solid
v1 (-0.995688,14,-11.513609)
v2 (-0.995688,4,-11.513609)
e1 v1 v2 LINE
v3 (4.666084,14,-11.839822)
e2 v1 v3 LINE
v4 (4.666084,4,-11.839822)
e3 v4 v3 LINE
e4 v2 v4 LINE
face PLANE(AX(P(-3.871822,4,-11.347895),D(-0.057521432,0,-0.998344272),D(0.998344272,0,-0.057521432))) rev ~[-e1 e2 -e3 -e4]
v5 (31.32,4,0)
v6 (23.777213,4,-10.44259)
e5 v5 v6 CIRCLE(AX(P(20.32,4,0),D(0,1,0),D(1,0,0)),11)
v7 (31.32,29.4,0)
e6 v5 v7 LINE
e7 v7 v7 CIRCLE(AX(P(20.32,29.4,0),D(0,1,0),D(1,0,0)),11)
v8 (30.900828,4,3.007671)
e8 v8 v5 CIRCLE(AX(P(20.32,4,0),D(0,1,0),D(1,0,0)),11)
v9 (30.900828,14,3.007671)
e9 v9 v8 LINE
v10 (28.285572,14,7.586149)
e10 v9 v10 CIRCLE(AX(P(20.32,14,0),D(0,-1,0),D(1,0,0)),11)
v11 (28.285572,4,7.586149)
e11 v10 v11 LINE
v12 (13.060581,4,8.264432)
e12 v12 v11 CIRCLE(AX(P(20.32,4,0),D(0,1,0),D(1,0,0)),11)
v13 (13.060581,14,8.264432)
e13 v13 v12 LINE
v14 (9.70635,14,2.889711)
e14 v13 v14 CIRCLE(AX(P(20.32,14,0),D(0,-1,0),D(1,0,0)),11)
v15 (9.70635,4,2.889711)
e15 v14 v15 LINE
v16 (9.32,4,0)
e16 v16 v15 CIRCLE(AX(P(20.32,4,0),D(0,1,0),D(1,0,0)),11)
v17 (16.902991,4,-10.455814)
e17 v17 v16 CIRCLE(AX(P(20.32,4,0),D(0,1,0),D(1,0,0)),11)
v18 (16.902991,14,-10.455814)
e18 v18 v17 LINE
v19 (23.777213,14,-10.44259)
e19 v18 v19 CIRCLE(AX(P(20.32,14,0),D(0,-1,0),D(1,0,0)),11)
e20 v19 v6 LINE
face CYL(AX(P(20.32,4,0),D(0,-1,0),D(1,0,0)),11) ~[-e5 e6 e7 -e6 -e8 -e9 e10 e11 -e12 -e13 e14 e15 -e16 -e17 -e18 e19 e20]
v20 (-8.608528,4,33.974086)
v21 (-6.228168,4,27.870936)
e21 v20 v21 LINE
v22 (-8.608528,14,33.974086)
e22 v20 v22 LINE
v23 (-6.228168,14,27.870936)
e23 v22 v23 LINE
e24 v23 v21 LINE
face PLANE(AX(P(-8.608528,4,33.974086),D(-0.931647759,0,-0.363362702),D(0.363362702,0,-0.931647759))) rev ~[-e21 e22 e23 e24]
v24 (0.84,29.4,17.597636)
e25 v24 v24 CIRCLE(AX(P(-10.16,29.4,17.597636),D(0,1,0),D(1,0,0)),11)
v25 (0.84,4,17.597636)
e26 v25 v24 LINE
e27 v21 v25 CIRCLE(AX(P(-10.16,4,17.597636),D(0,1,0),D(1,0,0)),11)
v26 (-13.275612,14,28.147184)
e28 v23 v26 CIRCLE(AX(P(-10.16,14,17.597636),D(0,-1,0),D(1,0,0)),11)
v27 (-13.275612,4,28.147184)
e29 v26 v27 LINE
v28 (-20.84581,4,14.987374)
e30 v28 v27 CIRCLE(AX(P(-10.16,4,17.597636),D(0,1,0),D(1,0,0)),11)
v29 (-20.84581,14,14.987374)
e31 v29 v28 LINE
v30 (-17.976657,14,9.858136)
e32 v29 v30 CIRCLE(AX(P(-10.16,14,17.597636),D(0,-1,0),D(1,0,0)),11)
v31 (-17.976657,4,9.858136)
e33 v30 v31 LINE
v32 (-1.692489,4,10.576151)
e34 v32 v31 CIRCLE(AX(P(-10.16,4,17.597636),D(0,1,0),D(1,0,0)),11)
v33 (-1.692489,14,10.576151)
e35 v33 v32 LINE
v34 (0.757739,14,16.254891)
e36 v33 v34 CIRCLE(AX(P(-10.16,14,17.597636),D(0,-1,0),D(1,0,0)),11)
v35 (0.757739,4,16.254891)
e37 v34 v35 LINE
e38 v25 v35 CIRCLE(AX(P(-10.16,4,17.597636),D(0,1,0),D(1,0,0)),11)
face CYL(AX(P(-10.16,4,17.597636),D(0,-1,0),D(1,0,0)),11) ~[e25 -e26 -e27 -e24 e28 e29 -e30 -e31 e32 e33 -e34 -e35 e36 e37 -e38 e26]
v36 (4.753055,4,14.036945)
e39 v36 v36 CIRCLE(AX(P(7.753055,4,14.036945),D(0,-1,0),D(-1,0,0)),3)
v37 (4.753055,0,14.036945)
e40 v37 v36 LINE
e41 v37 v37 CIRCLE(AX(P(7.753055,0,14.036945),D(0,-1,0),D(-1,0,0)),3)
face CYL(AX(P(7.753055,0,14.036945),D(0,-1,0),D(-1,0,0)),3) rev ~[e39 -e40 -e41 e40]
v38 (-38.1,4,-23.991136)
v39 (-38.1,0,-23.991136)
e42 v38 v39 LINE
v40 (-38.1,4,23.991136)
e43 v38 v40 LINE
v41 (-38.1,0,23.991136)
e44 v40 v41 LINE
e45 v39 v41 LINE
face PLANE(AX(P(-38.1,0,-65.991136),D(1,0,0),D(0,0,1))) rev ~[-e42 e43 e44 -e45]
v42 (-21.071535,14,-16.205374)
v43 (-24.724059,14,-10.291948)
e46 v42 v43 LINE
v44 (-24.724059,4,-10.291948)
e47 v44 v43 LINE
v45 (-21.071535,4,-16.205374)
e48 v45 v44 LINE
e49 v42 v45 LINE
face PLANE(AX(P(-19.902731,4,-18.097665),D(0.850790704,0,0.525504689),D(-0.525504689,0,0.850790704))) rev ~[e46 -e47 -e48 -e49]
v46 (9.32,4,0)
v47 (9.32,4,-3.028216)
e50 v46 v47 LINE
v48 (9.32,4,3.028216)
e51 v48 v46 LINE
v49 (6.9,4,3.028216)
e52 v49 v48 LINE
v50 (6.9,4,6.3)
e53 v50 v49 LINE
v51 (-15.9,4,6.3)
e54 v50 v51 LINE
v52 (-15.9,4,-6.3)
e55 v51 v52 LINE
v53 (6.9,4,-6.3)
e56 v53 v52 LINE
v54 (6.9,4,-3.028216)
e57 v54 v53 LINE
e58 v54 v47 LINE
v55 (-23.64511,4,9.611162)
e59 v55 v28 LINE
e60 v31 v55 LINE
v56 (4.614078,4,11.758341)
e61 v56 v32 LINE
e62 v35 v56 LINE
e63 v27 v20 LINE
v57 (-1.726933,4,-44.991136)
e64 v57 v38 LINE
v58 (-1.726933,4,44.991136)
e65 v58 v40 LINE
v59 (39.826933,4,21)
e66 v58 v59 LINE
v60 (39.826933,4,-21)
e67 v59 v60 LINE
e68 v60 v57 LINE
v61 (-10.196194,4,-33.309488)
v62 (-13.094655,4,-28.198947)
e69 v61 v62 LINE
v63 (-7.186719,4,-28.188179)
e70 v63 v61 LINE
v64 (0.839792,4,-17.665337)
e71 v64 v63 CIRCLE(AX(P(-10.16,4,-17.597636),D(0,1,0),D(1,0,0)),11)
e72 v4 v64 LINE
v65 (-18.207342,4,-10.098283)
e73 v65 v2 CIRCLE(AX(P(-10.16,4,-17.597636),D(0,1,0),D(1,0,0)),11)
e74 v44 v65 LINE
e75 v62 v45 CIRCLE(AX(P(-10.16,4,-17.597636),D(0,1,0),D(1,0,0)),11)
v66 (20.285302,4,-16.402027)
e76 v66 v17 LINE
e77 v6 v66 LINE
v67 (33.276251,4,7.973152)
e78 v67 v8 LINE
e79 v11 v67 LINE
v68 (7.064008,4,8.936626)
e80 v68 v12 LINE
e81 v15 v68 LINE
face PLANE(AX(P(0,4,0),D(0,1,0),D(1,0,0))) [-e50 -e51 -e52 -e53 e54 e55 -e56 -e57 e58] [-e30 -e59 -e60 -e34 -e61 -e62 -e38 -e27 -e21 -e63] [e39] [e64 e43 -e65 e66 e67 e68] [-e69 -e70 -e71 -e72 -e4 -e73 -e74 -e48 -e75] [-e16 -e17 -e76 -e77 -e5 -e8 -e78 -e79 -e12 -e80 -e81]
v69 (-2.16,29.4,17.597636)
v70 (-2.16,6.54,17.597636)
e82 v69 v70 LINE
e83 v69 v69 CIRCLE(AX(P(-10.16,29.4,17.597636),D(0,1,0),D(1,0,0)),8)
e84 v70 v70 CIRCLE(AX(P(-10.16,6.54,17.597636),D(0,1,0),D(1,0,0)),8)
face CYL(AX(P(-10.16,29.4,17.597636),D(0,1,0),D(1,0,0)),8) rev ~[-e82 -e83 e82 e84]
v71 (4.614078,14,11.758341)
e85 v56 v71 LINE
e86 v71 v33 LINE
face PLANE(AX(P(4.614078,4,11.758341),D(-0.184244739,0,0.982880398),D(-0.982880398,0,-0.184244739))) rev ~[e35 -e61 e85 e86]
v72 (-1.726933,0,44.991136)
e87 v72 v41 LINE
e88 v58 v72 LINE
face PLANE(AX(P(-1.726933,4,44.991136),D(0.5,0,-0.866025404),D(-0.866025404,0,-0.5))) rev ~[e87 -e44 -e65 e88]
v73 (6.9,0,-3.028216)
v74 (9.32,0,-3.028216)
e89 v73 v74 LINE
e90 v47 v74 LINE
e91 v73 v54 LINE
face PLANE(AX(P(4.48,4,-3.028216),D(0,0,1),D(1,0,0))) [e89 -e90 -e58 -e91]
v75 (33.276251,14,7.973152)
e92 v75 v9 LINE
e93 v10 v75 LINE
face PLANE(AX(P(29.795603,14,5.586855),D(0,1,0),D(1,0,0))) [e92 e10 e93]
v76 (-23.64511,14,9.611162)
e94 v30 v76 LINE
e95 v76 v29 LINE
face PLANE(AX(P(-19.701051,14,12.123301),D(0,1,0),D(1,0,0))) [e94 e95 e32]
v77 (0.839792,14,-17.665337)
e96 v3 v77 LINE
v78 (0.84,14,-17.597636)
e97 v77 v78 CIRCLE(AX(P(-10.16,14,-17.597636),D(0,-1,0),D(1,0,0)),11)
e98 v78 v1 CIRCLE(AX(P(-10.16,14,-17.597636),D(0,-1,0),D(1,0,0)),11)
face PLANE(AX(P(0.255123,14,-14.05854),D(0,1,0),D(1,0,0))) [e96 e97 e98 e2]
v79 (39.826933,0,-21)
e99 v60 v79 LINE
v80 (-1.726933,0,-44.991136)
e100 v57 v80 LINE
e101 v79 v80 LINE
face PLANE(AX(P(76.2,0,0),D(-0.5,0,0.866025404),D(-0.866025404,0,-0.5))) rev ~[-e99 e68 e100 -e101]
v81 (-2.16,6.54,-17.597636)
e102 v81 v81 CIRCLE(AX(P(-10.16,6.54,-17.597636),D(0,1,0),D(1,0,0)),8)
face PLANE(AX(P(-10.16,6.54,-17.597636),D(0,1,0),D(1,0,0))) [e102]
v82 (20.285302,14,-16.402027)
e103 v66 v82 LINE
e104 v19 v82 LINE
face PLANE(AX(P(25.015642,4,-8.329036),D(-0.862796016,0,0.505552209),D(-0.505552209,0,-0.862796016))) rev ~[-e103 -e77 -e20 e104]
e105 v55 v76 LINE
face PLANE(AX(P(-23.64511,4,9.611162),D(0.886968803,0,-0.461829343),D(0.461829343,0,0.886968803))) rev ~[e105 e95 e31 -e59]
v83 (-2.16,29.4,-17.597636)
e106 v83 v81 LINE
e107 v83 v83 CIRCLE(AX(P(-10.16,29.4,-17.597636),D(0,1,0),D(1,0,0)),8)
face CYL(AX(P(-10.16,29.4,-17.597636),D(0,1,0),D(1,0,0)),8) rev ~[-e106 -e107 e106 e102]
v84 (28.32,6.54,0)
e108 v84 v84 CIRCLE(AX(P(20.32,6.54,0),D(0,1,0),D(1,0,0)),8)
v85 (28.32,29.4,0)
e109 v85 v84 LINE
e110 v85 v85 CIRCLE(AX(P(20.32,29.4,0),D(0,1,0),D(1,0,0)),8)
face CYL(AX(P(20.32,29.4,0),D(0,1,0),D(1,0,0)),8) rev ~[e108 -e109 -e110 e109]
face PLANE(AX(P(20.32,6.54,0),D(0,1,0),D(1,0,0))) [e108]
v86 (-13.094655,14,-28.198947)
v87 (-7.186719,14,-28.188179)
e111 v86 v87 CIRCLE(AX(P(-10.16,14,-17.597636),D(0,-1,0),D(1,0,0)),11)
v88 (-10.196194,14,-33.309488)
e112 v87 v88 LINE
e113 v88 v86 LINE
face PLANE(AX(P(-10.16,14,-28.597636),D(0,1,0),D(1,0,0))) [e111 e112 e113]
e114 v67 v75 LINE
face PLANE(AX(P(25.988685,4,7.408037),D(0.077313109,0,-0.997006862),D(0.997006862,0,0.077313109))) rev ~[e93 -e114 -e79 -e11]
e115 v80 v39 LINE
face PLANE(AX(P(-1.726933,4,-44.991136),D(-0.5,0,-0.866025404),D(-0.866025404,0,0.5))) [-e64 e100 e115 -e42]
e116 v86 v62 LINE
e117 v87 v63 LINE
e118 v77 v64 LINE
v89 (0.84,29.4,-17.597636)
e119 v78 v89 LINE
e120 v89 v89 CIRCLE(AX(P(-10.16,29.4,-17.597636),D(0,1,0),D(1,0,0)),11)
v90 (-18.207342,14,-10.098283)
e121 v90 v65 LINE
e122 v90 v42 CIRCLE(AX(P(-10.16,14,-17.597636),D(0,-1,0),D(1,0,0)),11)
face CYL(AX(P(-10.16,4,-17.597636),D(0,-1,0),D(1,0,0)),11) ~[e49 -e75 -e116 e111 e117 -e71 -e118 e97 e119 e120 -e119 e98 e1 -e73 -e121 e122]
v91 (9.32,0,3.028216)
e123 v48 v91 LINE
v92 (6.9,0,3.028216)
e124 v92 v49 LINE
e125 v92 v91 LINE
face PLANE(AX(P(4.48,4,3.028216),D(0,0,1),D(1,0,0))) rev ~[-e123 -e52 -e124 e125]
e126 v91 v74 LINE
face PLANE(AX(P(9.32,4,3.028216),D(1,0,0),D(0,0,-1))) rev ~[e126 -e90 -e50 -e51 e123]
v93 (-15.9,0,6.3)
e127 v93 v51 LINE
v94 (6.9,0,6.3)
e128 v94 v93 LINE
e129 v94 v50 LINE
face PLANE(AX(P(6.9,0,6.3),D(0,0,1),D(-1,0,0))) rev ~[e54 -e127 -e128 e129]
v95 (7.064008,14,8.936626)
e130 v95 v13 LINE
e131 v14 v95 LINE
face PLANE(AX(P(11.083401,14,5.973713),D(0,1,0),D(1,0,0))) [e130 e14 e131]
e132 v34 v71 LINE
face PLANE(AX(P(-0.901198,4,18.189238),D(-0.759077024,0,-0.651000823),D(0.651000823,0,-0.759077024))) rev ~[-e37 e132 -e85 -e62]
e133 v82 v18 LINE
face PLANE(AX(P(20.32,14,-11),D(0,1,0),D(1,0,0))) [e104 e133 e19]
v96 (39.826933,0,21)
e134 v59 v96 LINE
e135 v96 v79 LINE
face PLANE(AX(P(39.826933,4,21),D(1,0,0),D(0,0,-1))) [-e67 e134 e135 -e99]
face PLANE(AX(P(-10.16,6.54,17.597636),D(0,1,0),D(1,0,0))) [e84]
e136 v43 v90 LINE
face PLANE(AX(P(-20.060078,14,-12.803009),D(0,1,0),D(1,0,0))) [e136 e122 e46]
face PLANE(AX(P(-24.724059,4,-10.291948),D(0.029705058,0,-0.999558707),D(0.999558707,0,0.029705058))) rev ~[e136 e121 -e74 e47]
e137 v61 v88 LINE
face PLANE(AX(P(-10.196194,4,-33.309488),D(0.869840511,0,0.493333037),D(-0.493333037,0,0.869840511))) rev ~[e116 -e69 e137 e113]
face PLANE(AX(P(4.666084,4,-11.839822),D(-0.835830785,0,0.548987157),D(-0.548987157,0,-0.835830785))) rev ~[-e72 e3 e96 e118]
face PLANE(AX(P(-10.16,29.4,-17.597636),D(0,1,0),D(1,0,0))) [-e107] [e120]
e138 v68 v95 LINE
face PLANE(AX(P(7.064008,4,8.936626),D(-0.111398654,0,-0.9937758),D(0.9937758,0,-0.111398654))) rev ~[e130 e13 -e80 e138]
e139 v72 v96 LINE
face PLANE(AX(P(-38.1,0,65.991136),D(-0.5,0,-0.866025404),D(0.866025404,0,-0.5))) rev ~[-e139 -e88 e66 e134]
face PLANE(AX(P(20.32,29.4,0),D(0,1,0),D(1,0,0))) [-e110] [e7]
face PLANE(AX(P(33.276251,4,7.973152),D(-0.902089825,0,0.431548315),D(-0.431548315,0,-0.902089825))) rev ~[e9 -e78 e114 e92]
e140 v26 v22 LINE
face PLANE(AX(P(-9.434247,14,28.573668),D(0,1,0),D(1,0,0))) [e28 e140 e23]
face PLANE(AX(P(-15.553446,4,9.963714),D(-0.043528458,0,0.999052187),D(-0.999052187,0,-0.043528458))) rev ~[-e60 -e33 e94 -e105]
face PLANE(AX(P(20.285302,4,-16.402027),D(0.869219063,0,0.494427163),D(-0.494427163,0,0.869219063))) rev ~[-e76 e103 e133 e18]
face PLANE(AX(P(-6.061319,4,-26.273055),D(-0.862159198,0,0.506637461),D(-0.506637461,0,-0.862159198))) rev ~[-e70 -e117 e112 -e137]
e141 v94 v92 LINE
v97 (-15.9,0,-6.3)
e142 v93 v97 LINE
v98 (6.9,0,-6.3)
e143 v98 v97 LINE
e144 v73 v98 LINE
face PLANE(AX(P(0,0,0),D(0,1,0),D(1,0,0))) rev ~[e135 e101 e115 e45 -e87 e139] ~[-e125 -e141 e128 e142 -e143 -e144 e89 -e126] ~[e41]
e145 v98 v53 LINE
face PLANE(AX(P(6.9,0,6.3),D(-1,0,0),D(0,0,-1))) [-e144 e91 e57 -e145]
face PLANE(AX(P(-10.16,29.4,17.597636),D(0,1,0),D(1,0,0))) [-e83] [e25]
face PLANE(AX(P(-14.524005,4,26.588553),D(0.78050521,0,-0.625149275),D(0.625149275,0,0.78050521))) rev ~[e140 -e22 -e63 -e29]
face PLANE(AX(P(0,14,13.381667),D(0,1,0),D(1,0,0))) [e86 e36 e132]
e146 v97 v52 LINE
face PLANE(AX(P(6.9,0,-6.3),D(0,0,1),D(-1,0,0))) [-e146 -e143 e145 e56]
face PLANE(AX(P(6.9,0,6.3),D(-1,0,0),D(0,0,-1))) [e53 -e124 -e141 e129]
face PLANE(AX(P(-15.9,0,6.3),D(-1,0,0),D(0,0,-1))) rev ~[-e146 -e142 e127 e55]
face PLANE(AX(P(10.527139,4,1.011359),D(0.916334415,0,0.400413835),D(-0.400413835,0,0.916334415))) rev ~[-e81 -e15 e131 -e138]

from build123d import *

# Parameters (mm, degrees)
BOSS_EXTRUDE1_DEPTH = 4
SKETCH2_R           = 11
BOSS_EXTRUDE2_DEPTH = 25.4
SKETCH3_R           = 8
CUT_EXTRUDE1_DEPTH  = 22.86
CUT_EXTRUDE2_DEPTH  = 22.86
SKETCH5_R           = 3
SKETCH5_W           = 22.8
SKETCH5_H           = 12.6
CUT_EXTRUDE3_DEPTH  = 4
BOSS_EXTRUDE3_DEPTH = 10
SKETCH7_W           = 4.84
SKETCH7_H           = 6.056432248
CUT_EXTRUDE4_DEPTH  = 10


with BuildPart() as part:
    # Sketch1 → Boss-Extrude1 (new body)
    with BuildSketch(Plane(origin=(0, 0, 0), x_dir=(1, 0, 0), z_dir=(0, 1, 0))):
        Polygon((76.2, 0), (-38.1, 65.991135768), (-38.1, -65.991135768), align=None)
    extrude(amount=BOSS_EXTRUDE1_DEPTH)

    # Sketch2 → Boss-Extrude2 (add)
    with BuildSketch(Plane(origin=(0, 4, 0), x_dir=(1, 0, 0), z_dir=(0, 1, 0))):
        with Locations((20.32, 0)):
            Circle(SKETCH2_R)
        with Locations((-10.16, 17.597636205)):
            Circle(SKETCH2_R)
        with Locations((-10.16, -17.597636205)):
            Circle(SKETCH2_R)
    extrude(amount=BOSS_EXTRUDE2_DEPTH)

    # Sketch3 → Cut-Extrude1 (cut)
    with BuildSketch(Plane(origin=(0, 29.4, 0), x_dir=(1, 0, 0), z_dir=(0, 1, 0))):
        with Locations((-10.16, 17.597636205)):
            Circle(SKETCH3_R)
        with Locations((20.32, 0)):
            Circle(SKETCH3_R)
        with Locations((-10.16, -17.597636205)):
            Circle(SKETCH3_R)
    extrude(amount=-CUT_EXTRUDE1_DEPTH, mode=Mode.SUBTRACT)

    # Sketch4 → Cut-Extrude2 (cut)
    with BuildSketch(Plane(origin=(0, 4, 0), x_dir=(1, 0, 0), z_dir=(0, 1, 0))):
        Polygon((-38.1, 65.991135768), (-1.726933041, 44.991135768), (-38.1, 23.991135768), align=None)
        Polygon((-38.1, -65.991135768), (-1.726933041, -44.991135768), (-38.1, -23.991135768), align=None)
        Polygon((76.2, 0), (39.826933041, -21), (39.826933041, 21), align=None)
    extrude(amount=-CUT_EXTRUDE2_DEPTH, mode=Mode.SUBTRACT)

    # Sketch5 → Cut-Extrude3 (cut)
    with BuildSketch(Plane(origin=(0, 0, 0), x_dir=(-1, 0, 0), z_dir=(0, -1, 0))):
        with Locations((-7.753054986, -14.0369452)):
            Circle(SKETCH5_R)
        with Locations((4.5, 0)):
            Rectangle(SKETCH5_W, SKETCH5_H)
    extrude(amount=-CUT_EXTRUDE3_DEPTH, mode=Mode.SUBTRACT)

    # Sketch6 → Boss-Extrude3 (add)
    with BuildSketch(Plane(origin=(0, 4, 0), x_dir=(1, 0, 0), z_dir=(0, 1, 0))):
        Polygon((-6.061319385, 26.273055398), (-10.196194275, 33.309488143), (-14.22248634, 26.210365074), align=None)
        Polygon((-15.553445676, 10.019414489), (-19.902730969, 18.097665314), (-24.724058755, 10.291948349), align=None)
        Polygon((4.666083615, 11.839822271), (-0.028890737, 18.987902238), (-3.871822401, 11.347895195), align=None)
        Polygon((25.015642032, 8.329035834), (20.285301804, 16.40202737), (15.659056164, 8.268936796), align=None)
        Polygon((33.276250833, -7.973152462), (30.121872493, -1.379377193), (25.988684773, -7.408036604), align=None)
        Polygon((15.659056164, -7.973152462), (10.527139401, -1.011359201), (7.064007962, -8.936626119), align=None)
        Polygon((-15.553445676, -9.963714295), (-23.645110056, -9.611162466), (-19.904596706, -16.795025293), align=None)
        Polygon((-5.170207238, -25.158366131), (-14.52400497, -26.588552978), (-8.608527963, -33.974086013), align=None)
        Polygon((-0.901197828, -18.18923766), (4.614077612, -11.758341231), (-3.712879784, -10.197420805), align=None)
    extrude(amount=BOSS_EXTRUDE3_DEPTH)

    # Sketch7 → Cut-Extrude4 (cut)
    with BuildSketch(Plane(origin=(0, 4, 0), x_dir=(1, 0, 0), z_dir=(0, 1, 0))):
        with Locations((6.9, 0)):
            Rectangle(SKETCH7_W, SKETCH7_H)
    extrude(amount=-CUT_EXTRUDE4_DEPTH, mode=Mode.SUBTRACT)


solid = part.part
